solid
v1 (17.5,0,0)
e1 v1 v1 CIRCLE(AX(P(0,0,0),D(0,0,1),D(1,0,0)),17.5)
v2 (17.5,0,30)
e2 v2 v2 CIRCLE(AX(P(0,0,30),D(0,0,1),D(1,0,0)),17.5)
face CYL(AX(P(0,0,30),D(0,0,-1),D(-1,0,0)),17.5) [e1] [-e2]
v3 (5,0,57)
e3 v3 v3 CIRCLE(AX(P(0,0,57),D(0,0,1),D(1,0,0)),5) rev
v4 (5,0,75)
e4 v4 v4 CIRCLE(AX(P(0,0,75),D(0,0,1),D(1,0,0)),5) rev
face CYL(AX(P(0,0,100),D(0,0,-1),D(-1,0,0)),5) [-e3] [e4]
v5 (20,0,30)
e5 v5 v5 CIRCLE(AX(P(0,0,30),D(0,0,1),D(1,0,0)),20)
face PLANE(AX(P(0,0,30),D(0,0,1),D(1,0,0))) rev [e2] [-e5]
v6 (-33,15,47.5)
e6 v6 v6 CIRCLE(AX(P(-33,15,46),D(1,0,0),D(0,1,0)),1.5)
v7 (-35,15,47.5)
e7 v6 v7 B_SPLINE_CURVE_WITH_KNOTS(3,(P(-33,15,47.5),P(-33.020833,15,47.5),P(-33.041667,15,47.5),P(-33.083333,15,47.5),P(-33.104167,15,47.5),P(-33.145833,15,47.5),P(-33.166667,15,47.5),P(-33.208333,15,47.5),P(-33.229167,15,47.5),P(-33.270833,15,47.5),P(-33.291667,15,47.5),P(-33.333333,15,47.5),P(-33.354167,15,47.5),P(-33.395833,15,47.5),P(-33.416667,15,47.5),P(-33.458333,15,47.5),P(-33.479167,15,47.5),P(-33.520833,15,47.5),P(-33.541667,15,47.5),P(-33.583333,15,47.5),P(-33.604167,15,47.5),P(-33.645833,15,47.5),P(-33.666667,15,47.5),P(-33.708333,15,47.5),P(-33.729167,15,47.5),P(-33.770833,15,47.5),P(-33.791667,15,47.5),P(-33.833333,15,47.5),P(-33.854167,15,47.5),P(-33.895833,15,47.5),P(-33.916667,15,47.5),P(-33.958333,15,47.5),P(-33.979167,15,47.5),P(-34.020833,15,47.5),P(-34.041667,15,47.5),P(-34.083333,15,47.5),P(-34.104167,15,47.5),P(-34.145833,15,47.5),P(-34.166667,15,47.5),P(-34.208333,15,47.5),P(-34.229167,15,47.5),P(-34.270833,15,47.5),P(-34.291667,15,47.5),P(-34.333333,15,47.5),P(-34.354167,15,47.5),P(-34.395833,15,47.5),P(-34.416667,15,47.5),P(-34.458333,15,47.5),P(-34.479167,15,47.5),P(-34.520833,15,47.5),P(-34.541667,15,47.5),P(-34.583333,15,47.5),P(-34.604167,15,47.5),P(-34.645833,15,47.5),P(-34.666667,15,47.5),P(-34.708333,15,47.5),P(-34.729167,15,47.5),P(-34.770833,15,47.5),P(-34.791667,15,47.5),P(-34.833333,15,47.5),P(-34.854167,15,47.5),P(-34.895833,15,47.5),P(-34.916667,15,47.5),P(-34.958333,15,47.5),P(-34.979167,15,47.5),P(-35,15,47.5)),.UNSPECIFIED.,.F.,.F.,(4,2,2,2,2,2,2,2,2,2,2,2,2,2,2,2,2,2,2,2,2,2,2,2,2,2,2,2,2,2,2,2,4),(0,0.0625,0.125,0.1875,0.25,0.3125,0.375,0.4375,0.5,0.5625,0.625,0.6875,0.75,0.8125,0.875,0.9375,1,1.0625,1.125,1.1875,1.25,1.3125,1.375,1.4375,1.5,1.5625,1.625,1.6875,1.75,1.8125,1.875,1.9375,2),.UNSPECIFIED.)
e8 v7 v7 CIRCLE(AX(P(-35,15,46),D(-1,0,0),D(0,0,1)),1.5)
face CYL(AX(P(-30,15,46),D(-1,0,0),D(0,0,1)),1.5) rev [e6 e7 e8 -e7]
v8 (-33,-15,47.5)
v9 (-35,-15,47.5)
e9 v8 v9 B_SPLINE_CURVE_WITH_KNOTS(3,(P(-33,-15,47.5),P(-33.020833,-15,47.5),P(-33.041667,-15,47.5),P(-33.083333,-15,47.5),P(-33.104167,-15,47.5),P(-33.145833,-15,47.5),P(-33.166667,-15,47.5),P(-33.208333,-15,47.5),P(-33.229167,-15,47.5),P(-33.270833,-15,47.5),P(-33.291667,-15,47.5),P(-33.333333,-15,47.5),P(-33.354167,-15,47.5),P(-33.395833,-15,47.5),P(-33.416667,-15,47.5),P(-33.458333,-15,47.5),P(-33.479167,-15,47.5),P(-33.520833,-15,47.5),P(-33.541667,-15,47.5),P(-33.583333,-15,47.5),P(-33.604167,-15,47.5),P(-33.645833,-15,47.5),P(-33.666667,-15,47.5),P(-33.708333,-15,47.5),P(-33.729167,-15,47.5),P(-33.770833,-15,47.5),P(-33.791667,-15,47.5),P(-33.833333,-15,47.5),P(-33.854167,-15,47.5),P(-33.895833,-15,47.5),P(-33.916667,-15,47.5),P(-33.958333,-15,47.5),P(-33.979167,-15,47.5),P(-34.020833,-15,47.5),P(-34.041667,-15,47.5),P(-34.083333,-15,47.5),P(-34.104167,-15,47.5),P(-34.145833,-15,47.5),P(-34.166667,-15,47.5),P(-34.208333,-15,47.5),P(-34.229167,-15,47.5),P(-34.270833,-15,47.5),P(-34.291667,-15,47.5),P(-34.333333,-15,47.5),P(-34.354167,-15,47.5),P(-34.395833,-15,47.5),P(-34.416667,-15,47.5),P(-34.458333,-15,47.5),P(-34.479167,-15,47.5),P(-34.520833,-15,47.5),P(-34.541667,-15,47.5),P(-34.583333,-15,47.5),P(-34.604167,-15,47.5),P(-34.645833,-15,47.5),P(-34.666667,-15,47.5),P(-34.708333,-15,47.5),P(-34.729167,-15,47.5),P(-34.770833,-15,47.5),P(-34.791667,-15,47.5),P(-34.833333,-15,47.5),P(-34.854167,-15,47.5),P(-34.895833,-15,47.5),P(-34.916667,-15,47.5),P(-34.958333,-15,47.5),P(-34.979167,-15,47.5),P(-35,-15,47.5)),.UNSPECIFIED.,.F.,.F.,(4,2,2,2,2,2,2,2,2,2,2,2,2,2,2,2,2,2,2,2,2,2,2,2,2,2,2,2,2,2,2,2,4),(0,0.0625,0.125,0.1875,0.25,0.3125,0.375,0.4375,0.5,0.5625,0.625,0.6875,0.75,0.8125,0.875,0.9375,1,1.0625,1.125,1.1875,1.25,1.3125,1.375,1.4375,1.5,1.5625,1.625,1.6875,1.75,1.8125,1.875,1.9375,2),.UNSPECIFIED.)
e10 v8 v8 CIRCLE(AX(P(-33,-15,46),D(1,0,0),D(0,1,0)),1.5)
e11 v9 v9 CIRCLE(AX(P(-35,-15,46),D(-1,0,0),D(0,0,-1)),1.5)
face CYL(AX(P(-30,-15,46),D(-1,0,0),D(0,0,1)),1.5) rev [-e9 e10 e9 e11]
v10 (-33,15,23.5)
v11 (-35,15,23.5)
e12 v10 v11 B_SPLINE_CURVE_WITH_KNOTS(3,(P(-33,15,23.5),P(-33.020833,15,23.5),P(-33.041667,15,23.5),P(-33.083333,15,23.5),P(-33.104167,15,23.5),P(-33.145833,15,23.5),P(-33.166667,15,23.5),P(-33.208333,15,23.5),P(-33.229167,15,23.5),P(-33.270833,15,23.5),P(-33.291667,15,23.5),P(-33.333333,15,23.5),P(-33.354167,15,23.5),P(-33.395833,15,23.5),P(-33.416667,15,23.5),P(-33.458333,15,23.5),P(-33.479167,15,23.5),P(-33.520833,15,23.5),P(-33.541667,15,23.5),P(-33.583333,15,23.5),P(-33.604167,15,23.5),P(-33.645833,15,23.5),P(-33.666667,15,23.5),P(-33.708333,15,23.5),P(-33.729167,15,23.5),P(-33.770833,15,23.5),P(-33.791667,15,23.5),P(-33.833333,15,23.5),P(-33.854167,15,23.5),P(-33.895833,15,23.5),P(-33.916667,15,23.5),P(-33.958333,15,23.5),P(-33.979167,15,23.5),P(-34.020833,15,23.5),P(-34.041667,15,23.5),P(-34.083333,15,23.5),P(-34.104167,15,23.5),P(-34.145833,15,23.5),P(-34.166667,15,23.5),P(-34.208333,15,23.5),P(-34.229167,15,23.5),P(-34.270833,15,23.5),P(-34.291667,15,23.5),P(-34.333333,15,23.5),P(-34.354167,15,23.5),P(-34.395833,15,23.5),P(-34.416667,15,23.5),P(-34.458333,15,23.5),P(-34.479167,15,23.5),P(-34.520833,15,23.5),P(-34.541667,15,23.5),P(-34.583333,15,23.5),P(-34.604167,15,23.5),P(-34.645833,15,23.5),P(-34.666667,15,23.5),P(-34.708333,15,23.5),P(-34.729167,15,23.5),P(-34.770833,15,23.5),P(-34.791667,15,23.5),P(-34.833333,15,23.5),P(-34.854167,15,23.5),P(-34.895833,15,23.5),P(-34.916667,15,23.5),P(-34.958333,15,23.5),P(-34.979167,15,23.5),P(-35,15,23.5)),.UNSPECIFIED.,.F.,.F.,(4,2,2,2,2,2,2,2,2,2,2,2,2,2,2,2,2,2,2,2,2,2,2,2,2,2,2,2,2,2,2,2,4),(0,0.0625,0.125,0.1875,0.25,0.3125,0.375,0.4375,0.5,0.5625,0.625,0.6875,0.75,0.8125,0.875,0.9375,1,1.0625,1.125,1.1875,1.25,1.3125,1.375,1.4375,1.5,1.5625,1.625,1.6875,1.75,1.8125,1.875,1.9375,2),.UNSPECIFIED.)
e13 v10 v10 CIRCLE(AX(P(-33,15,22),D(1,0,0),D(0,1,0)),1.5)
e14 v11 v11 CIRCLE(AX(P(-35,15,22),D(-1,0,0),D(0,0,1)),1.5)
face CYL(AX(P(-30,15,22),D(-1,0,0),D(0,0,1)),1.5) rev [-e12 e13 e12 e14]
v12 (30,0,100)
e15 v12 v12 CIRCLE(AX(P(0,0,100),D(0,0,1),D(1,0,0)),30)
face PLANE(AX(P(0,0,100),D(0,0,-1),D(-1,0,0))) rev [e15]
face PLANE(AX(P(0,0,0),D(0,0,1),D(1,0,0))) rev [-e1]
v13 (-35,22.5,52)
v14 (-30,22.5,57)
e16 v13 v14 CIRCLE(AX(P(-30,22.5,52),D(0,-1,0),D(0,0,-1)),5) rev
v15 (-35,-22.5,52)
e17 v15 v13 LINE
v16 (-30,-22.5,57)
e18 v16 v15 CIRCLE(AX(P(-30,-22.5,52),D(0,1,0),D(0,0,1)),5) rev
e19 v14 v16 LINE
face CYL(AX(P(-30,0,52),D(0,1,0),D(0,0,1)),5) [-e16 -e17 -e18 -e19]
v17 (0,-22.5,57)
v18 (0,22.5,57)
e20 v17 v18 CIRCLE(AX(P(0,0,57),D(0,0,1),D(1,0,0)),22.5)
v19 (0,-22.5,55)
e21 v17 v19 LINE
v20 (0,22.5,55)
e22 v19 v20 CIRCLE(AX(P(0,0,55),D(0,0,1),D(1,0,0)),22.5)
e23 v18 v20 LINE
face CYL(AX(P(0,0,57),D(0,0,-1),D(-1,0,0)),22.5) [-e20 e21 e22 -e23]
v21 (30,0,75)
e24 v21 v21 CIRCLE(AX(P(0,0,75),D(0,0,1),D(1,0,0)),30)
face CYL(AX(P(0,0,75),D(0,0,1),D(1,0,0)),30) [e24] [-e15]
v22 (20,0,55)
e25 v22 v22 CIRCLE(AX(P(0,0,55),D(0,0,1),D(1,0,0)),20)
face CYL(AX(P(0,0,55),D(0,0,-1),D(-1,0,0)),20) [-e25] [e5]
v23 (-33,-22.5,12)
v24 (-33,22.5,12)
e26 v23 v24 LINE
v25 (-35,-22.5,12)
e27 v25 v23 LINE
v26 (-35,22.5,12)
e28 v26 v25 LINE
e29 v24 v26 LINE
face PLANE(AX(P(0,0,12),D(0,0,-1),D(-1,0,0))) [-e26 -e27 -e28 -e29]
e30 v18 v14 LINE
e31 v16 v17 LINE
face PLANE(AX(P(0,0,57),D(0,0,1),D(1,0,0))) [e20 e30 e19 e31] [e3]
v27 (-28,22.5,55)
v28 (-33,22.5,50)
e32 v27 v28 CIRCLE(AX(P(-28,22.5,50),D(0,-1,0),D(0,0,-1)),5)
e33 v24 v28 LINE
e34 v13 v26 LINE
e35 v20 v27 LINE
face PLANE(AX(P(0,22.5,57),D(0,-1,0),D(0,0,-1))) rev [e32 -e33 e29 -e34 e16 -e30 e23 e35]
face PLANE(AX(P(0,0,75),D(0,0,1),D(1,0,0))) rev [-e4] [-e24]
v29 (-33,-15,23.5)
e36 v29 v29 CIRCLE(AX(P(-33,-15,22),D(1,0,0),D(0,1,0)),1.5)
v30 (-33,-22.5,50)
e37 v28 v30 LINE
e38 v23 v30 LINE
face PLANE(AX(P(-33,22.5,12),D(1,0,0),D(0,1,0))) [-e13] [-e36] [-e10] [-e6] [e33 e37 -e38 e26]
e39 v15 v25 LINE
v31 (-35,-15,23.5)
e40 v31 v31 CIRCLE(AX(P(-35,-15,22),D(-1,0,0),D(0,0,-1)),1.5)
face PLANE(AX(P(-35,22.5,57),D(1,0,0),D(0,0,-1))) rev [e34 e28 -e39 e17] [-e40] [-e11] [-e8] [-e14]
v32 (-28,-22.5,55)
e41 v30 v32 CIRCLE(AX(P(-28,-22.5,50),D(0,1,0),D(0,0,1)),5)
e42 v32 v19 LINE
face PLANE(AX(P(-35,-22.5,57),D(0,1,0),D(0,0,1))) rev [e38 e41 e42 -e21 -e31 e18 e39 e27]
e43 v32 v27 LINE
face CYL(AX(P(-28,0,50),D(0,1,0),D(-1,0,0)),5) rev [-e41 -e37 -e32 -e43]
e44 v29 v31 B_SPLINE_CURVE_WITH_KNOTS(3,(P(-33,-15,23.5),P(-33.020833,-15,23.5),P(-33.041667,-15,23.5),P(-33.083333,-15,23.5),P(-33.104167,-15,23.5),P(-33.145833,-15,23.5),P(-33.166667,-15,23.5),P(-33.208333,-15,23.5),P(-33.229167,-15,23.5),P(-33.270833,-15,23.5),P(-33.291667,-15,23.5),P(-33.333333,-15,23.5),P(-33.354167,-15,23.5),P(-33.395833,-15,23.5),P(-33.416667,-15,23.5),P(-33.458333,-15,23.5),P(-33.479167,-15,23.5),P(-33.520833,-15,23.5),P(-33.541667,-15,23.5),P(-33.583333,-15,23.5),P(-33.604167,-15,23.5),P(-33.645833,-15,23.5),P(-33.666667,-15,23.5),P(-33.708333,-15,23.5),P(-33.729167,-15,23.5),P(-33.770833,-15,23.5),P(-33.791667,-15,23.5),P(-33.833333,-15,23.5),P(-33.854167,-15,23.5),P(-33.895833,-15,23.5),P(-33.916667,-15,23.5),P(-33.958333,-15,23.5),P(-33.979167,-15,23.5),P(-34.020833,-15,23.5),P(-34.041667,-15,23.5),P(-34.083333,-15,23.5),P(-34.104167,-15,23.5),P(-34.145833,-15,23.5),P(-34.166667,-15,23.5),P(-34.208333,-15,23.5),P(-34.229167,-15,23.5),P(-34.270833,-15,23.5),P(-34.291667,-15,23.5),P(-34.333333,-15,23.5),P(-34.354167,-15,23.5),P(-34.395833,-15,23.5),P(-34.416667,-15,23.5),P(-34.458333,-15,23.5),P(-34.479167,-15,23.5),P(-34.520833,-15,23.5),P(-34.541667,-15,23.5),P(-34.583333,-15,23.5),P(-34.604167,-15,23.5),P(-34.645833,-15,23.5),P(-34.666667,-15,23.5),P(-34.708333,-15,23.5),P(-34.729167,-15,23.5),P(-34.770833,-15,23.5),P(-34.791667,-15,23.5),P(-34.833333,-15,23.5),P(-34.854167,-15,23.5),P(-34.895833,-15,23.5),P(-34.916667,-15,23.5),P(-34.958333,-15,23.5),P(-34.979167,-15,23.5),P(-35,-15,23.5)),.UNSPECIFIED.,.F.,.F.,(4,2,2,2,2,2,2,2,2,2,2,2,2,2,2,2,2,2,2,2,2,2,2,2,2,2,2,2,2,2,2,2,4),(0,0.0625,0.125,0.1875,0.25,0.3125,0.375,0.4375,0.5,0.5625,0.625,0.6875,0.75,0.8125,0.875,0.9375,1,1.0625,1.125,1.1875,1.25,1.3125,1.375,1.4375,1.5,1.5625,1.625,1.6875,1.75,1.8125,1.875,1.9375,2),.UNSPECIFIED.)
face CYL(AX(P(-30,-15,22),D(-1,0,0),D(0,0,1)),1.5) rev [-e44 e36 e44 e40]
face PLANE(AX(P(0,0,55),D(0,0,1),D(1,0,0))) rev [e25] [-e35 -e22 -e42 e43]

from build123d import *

# Parameters (mm, degrees)
SKETCH_1_R          = 17.5
EXTRUDE_1_DEPTH     = 30
SKETCH_2_R          = 20
EXTRUDE_2_DEPTH     = 25
SKETCH_3_R          = 5
EXTRUDE_3_DEPTH     = 100
SKETCH_4_R          = 30
EXTRUDE_4_DEPTH     = 25
EXTRUDE_5_DEPTH     = 2
SKETCH_7_W          = 2
SKETCH_7_H          = 45
EXTRUDE_6_DEPTH     = 45
FILLET_3_R          = 5
SKETCH_8_R          = 1.5
CUT_EXTRUDE_1_DEPTH = 5


with BuildPart() as part:
    # 草图1 → 凸台-拉伸1 (new body)
    with BuildSketch(Plane.XY):
        Circle(SKETCH_1_R)
    extrude(amount=EXTRUDE_1_DEPTH)

    # 草图2 → 凸台-拉伸2 (add)
    with BuildSketch(Plane.XY.offset(30)):
        Circle(SKETCH_2_R)
    extrude(amount=EXTRUDE_2_DEPTH)

    # 草图3 → 凸台-拉伸3 (add)
    with BuildSketch(Plane(origin=(0, 0, 0), x_dir=(-1, 0, 0), z_dir=(0, 0, -1))):
        Circle(SKETCH_3_R)
    extrude(amount=-EXTRUDE_3_DEPTH)

    # 草图4 → 凸台-拉伸4 (add)
    with BuildSketch(Plane.XY.offset(100)):
        Circle(SKETCH_4_R)
    extrude(amount=-EXTRUDE_4_DEPTH)

    # 草图6 → 凸台-拉伸5 (add)
    with BuildSketch(Plane.XY.offset(55)):
        with BuildLine():
            Line((0, 22.5), (-35, 22.5))
            Line((-35, 22.5), (-35, -22.5))
            Line((-35, -22.5), (0, -22.5))
            ThreePointArc((0, -22.5), (22.5, 0), (0, 22.5))
        make_face()
    extrude(amount=EXTRUDE_5_DEPTH)

    # 草图7 → 凸台-拉伸6 (add)
    with BuildSketch(Plane.XY.offset(57)):
        with Locations((-34, 0)):
            Rectangle(SKETCH_7_W, SKETCH_7_H)
    extrude(amount=-EXTRUDE_6_DEPTH)

    # 圆角3
    fillet_3_edges = [part.edges().sort_by_distance(p)[0] for p in [
        (-35, 0, 57),
        (-33, 0, 55),
    ]]
    fillet(fillet_3_edges, radius=FILLET_3_R)

    # 草图8 → 切除-拉伸1 (cut)
    with BuildSketch(Plane.ZY.offset(35)):
        with Locations((22, 15)):
            Circle(SKETCH_8_R)
        with Locations((22, -15)):
            Circle(SKETCH_8_R)
        with Locations((46, 15)):
            Circle(SKETCH_8_R)
        with Locations((46, -15)):
            Circle(SKETCH_8_R)
    extrude(amount=-CUT_EXTRUDE_1_DEPTH, mode=Mode.SUBTRACT)


solid = part.part
